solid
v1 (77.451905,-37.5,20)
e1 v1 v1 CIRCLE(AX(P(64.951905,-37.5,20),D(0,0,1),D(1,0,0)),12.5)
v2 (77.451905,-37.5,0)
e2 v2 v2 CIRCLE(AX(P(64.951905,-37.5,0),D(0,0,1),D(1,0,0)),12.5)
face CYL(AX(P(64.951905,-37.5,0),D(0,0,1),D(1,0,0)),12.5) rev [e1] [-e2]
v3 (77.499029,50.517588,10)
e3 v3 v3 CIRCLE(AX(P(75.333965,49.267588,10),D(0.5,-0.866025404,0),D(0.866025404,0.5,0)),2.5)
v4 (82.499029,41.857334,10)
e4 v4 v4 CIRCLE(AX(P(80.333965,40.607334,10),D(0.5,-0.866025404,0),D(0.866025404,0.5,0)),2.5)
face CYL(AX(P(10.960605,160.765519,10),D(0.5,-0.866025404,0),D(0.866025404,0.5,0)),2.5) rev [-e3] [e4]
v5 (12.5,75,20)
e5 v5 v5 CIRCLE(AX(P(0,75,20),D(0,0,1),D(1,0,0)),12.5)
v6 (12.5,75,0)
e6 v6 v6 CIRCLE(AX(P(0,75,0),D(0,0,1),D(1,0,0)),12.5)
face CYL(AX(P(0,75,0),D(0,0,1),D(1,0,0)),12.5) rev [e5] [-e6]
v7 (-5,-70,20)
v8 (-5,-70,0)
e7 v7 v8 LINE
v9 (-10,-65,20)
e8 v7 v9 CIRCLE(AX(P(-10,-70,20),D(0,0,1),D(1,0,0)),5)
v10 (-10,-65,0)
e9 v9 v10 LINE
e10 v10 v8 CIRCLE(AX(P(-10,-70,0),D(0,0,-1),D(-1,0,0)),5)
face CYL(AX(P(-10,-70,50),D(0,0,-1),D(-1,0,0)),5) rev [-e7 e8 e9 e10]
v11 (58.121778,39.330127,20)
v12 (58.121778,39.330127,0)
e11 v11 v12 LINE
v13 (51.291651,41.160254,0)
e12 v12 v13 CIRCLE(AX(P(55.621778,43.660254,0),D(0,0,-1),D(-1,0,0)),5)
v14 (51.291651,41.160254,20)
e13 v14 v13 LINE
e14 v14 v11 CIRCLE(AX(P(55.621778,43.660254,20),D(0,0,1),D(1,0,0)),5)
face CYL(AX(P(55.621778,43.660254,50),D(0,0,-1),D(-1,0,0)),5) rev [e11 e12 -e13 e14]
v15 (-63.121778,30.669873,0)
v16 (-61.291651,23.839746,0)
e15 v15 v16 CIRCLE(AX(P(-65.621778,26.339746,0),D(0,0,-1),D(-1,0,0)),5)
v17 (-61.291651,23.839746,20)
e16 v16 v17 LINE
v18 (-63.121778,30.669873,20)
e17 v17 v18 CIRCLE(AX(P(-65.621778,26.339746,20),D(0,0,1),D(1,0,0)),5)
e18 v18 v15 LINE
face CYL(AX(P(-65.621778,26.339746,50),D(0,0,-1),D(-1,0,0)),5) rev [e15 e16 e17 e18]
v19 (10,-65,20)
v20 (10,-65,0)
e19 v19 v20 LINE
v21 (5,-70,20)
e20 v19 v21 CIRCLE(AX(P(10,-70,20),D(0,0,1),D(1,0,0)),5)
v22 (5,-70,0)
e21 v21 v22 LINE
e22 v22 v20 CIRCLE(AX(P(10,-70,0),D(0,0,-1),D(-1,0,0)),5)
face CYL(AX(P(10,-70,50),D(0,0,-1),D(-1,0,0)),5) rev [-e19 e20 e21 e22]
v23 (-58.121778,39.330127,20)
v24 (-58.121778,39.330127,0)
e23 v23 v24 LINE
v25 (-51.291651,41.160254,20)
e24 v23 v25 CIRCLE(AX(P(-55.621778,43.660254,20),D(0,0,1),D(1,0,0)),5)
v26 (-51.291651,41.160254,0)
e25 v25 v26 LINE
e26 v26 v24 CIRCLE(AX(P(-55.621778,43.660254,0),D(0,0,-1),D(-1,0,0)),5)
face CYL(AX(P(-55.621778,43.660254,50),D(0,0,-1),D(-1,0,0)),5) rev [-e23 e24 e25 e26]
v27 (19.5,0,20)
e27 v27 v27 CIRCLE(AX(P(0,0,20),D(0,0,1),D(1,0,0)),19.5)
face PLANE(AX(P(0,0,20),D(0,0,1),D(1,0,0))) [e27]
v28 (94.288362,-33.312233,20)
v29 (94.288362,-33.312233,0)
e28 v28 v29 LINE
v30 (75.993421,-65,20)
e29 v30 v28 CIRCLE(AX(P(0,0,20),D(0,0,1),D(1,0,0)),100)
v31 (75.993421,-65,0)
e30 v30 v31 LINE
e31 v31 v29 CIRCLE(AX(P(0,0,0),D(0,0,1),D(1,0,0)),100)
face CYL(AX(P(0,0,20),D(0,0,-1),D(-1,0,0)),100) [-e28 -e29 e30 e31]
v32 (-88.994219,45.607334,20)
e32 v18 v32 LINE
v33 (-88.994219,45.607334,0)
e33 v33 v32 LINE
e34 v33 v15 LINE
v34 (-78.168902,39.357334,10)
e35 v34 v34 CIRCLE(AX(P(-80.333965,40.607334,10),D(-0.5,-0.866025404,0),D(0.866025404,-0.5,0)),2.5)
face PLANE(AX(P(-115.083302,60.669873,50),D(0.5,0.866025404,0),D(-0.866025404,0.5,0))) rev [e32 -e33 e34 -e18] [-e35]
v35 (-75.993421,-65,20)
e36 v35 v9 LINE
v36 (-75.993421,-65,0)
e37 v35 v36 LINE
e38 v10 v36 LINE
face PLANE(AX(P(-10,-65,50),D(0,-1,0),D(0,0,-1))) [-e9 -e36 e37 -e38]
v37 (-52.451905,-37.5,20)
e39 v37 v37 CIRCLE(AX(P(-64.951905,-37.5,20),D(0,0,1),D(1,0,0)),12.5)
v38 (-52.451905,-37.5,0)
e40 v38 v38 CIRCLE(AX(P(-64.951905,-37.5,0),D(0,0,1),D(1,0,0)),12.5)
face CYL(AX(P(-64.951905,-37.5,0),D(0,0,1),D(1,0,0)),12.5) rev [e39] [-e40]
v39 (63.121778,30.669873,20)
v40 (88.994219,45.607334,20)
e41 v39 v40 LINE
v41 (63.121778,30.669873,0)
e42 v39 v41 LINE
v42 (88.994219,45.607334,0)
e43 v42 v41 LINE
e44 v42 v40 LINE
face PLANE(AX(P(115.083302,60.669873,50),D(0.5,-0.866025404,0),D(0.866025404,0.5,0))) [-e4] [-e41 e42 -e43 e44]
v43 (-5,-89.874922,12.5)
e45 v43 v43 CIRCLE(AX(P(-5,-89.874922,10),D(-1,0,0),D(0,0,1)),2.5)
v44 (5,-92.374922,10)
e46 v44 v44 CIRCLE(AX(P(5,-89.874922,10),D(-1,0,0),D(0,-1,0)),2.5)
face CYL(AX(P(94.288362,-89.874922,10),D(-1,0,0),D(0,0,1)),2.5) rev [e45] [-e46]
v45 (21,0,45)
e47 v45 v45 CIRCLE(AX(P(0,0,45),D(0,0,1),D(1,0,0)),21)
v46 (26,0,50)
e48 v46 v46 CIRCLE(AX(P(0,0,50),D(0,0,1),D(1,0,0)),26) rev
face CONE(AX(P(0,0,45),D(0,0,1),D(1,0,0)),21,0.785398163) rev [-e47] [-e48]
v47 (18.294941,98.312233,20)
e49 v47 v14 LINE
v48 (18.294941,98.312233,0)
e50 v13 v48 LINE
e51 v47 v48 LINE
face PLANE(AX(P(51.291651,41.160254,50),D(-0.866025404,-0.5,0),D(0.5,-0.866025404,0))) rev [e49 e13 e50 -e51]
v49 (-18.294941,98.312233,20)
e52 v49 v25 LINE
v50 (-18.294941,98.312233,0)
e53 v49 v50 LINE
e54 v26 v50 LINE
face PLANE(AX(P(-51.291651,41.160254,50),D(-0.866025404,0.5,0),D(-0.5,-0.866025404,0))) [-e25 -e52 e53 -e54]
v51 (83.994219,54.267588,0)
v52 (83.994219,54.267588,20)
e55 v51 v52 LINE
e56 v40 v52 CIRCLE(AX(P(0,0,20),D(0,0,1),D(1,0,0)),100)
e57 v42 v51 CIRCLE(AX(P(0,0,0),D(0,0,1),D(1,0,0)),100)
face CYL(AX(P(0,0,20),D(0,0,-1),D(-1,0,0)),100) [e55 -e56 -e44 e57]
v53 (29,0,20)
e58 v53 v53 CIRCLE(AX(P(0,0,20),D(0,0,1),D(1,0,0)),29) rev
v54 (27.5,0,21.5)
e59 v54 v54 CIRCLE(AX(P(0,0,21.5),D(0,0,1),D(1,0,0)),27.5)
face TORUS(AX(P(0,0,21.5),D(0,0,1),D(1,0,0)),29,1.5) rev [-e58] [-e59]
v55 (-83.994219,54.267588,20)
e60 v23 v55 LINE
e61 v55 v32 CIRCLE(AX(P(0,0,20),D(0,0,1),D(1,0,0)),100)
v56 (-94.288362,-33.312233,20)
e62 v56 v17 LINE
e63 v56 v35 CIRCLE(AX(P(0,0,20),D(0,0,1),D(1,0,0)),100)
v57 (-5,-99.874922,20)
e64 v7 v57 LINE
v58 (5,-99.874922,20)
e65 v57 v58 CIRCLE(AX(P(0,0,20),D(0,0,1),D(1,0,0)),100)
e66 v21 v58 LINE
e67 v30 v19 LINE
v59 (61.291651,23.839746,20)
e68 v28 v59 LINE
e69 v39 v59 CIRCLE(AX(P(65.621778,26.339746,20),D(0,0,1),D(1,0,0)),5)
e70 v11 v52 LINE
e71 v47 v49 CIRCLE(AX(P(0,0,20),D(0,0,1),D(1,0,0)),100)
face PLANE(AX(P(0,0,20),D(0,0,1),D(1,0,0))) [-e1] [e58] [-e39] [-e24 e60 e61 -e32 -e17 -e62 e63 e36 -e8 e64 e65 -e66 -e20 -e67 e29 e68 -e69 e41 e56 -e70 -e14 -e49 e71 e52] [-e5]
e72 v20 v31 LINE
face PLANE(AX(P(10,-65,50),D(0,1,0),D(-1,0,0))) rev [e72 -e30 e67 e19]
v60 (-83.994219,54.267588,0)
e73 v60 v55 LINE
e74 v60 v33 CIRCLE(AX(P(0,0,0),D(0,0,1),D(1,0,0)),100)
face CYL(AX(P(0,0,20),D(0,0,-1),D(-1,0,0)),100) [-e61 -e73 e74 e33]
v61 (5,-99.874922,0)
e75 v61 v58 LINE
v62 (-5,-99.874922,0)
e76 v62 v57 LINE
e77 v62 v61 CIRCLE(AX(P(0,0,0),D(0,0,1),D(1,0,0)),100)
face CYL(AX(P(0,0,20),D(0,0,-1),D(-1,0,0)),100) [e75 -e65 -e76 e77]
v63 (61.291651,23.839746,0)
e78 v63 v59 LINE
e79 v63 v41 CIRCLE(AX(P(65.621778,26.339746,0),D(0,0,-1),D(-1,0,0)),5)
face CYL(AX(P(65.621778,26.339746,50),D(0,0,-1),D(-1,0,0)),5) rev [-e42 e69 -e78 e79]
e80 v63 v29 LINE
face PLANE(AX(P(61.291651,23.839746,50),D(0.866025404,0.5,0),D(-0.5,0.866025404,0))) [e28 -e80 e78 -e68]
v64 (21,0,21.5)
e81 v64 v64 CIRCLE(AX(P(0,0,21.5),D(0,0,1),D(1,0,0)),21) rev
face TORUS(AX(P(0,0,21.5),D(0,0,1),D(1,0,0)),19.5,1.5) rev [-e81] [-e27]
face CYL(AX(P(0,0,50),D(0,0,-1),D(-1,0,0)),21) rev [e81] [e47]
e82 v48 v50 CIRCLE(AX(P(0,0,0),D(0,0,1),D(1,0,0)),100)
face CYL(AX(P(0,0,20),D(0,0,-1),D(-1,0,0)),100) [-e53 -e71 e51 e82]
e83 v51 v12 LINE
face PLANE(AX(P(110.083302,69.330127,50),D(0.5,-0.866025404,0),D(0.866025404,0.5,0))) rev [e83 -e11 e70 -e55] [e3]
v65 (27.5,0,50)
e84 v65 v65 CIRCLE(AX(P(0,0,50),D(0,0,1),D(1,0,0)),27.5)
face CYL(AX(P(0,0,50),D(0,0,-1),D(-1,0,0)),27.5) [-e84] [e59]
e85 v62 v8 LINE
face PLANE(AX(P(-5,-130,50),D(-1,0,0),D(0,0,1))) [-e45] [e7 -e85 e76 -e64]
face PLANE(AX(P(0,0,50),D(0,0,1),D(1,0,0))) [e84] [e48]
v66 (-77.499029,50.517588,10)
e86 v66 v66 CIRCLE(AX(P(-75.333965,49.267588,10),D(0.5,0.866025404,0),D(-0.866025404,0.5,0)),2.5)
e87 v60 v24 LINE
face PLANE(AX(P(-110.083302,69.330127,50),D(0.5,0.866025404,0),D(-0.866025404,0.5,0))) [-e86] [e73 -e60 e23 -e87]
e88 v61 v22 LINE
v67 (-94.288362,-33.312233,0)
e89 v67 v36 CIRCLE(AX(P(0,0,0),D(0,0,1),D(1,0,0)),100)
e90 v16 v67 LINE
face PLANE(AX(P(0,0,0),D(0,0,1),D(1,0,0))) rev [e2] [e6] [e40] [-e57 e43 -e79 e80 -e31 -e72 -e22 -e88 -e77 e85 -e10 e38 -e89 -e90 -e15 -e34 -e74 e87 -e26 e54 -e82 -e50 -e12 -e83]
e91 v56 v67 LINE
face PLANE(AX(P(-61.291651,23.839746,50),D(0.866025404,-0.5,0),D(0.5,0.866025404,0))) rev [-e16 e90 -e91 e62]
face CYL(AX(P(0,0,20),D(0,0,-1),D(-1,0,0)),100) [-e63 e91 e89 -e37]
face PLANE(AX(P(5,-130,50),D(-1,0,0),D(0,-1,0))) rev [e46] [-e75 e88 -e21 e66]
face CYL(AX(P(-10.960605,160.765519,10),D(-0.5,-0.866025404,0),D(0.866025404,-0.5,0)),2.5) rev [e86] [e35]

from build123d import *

# Parameters (mm, degrees)
SKETCH1_R           = 27.5
SKETCH1_R_2         = 21
BOSS_EXTRUDE1_DEPTH = 50
SKETCH1_3_R         = 100
SKETCH1_3_R_2       = 27.5
SKETCH1_3_R_3       = 21
BOSS_EXTRUDE2_DEPTH = 20
CHAMFER1_SIZE       = 5
FILLET1_R           = 1.5
SKETCH10_R          = 12.5
CUT_EXTRUDE1_DEPTH  = 20
SKETCH12_W          = 90
SKETCH12_H          = 35
CUT_EXTRUDE3_DEPTH  = 151
SKETCH13_R          = 2.5
CUT_EXTRUDE4_DEPTH  = 151.840188116
SKETCH14_R          = 2.5
CUT_EXTRUDE5_DEPTH  = 150.526515224
SKETCH15_R          = 2.5
CUT_EXTRUDE6_DEPTH  = 151.840188116


with BuildPart() as part:
    # Sketch1 → Boss-Extrude1 (new body)
    with BuildSketch(Plane.XY):
        Circle(SKETCH1_R)
        Circle(SKETCH1_R_2, mode=Mode.SUBTRACT)
    extrude(amount=BOSS_EXTRUDE1_DEPTH)

    # Sketch1<3> → Boss-Extrude2 (add)
    # profile 1 of 2: a face of its own
    with BuildSketch(Plane.XY):
        Circle(SKETCH1_3_R)
        Circle(SKETCH1_3_R_2, mode=Mode.SUBTRACT)
    # profile 2 of 2: a face of its own
    with BuildSketch(Plane.XY):
        Circle(SKETCH1_3_R_3)
    extrude(amount=BOSS_EXTRUDE2_DEPTH)

    # Chamfer1
    chamfer1_edges = [part.edges().sort_by_distance(p)[0] for p in [
        (-21, 0, 50),
    ]]
    chamfer(chamfer1_edges, length=CHAMFER1_SIZE)

    # Fillet1
    fillet1_edges = [part.edges().sort_by_distance(p)[0] for p in [
        (-21, 0, 20),
        (-27.5, 0, 20),
    ]]
    fillet(fillet1_edges, radius=FILLET1_R)

    # Sketch10 → Cut-Extrude1 (cut)
    with BuildSketch(Plane.XY.offset(20)):
        with Locations((0, 75)):
            Circle(SKETCH10_R)
        with Locations((64.951905284, -37.5)):
            Circle(SKETCH10_R)
        with Locations((-64.951905284, -37.5)):
            Circle(SKETCH10_R)
    extrude(amount=-CUT_EXTRUDE1_DEPTH, mode=Mode.SUBTRACT)

    # Sketch12 → Cut-Extrude3 (cut, through all)
    with BuildSketch(Plane(origin=(0, 0, 0), x_dir=(-1, 0, 0), z_dir=(0, 0, -1))):
        with BuildLine():
            Line((-15, -130), (-15, -70))
            ThreePointArc((-15, -70), (-10, -65), (-5, -70))
            Line((-5, -70), (-5, -130))
            ThreePointArc((-5, -130), (-10, -135), (-15, -130))
        make_face()
        Polygon((-61.291651246, 23.839745962), (-91.602540378, 41.339745962), (-136.602540378, -36.602540378), (-106.291651246, -54.102540378), align=None)
        with BuildLine():
            Line((5, -130), (5, -70))
            ThreePointArc((5, -70), (10, -65), (15, -70))
            Line((15, -70), (15, -130))
            ThreePointArc((15, -130), (10, -135), (5, -130))
        make_face()
        with Locations((-55, -82.5)):
            Rectangle(SKETCH12_W, SKETCH12_H)
        with Locations((55, -82.5)):
            Rectangle(SKETCH12_W, SKETCH12_H)
        Polygon((-51.291651246, 41.160254038), (-81.602540378, 58.660254038), (-36.602540378, 136.602540378), (-6.291651246, 119.102540378), align=None)
        with BuildLine():
            Line((-110.083302492, 69.330127019), (-58.121778265, 39.330127019))
            ThreePointArc((-58.121778265, 39.330127019), (-51.291651246, 41.160254038), (-53.121778265, 47.990381057))
            Line((-53.121778265, 47.990381057), (-105.083302492, 77.990381057))
            ThreePointArc((-105.083302492, 77.990381057), (-111.913429511, 76.160254038), (-110.083302492, 69.330127019))
        make_face()
        with BuildLine():
            Line((-120.083302492, 52.009618943), (-68.121778265, 22.009618943))
            ThreePointArc((-68.121778265, 22.009618943), (-61.291651246, 23.839745962), (-63.121778265, 30.669872981))
            Line((-63.121778265, 30.669872981), (-115.083302492, 60.669872981))
            ThreePointArc((-115.083302492, 60.669872981), (-121.913429511, 58.839745962), (-120.083302492, 52.009618943))
        make_face()
        Polygon((51.291651246, 41.160254038), (81.602540378, 58.660254038), (36.602540378, 136.602540378), (6.291651246, 119.102540378), align=None)
        Polygon((61.291651246, 23.839745962), (91.602540378, 41.339745962), (136.602540378, -36.602540378), (106.291651246, -54.102540378), align=None)
        with BuildLine():
            Line((115.083302492, 60.669872981), (63.121778265, 30.669872981))
            ThreePointArc((63.121778265, 30.669872981), (61.291651246, 23.839745962), (68.121778265, 22.009618943))
            Line((68.121778265, 22.009618943), (120.083302492, 52.009618943))
            ThreePointArc((120.083302492, 52.009618943), (121.913429511, 58.839745962), (115.083302492, 60.669872981))
        make_face()
        with BuildLine():
            Line((105.083302492, 77.990381057), (53.121778265, 47.990381057))
            ThreePointArc((53.121778265, 47.990381057), (51.291651246, 41.160254038), (58.121778265, 39.330127019))
            Line((58.121778265, 39.330127019), (110.083302492, 69.330127019))
            ThreePointArc((110.083302492, 69.330127019), (111.913429511, 76.160254038), (105.083302492, 77.990381057))
        make_face()
    extrude(amount=-CUT_EXTRUDE3_DEPTH, mode=Mode.SUBTRACT)

    # Sketch13 → Cut-Extrude4 (cut, through all)
    with BuildSketch(Plane(origin=(2.5, -4.330127019, 0), x_dir=(0.8660254037844378, 0.5000000000000017, 0), z_dir=(0.5000000000000016, -0.8660254037844377, 0))):
        with Locations((89.874921777, 10)):
            Circle(SKETCH13_R)
    extrude(amount=-CUT_EXTRUDE4_DEPTH, mode=Mode.SUBTRACT)

    # Sketch14 → Cut-Extrude5 (cut, through all)
    with BuildSketch(Plane.ZY.offset(5)):
        with Locations((10, -89.874921777)):
            Circle(SKETCH14_R)
    extrude(amount=-CUT_EXTRUDE5_DEPTH, mode=Mode.SUBTRACT)

    # Sketch15 → Cut-Extrude6 (cut, through all)
    with BuildSketch(Plane(origin=(-2.5, -4.330127019, 0), x_dir=(0.8660254037844392, -0.49999999999999906, 0), z_dir=(-0.49999999999999906, -0.8660254037844392, 0))):
        with Locations((-89.874921777, 10)):
            Circle(SKETCH15_R)
    extrude(amount=-CUT_EXTRUDE6_DEPTH, mode=Mode.SUBTRACT)


solid = part.part
